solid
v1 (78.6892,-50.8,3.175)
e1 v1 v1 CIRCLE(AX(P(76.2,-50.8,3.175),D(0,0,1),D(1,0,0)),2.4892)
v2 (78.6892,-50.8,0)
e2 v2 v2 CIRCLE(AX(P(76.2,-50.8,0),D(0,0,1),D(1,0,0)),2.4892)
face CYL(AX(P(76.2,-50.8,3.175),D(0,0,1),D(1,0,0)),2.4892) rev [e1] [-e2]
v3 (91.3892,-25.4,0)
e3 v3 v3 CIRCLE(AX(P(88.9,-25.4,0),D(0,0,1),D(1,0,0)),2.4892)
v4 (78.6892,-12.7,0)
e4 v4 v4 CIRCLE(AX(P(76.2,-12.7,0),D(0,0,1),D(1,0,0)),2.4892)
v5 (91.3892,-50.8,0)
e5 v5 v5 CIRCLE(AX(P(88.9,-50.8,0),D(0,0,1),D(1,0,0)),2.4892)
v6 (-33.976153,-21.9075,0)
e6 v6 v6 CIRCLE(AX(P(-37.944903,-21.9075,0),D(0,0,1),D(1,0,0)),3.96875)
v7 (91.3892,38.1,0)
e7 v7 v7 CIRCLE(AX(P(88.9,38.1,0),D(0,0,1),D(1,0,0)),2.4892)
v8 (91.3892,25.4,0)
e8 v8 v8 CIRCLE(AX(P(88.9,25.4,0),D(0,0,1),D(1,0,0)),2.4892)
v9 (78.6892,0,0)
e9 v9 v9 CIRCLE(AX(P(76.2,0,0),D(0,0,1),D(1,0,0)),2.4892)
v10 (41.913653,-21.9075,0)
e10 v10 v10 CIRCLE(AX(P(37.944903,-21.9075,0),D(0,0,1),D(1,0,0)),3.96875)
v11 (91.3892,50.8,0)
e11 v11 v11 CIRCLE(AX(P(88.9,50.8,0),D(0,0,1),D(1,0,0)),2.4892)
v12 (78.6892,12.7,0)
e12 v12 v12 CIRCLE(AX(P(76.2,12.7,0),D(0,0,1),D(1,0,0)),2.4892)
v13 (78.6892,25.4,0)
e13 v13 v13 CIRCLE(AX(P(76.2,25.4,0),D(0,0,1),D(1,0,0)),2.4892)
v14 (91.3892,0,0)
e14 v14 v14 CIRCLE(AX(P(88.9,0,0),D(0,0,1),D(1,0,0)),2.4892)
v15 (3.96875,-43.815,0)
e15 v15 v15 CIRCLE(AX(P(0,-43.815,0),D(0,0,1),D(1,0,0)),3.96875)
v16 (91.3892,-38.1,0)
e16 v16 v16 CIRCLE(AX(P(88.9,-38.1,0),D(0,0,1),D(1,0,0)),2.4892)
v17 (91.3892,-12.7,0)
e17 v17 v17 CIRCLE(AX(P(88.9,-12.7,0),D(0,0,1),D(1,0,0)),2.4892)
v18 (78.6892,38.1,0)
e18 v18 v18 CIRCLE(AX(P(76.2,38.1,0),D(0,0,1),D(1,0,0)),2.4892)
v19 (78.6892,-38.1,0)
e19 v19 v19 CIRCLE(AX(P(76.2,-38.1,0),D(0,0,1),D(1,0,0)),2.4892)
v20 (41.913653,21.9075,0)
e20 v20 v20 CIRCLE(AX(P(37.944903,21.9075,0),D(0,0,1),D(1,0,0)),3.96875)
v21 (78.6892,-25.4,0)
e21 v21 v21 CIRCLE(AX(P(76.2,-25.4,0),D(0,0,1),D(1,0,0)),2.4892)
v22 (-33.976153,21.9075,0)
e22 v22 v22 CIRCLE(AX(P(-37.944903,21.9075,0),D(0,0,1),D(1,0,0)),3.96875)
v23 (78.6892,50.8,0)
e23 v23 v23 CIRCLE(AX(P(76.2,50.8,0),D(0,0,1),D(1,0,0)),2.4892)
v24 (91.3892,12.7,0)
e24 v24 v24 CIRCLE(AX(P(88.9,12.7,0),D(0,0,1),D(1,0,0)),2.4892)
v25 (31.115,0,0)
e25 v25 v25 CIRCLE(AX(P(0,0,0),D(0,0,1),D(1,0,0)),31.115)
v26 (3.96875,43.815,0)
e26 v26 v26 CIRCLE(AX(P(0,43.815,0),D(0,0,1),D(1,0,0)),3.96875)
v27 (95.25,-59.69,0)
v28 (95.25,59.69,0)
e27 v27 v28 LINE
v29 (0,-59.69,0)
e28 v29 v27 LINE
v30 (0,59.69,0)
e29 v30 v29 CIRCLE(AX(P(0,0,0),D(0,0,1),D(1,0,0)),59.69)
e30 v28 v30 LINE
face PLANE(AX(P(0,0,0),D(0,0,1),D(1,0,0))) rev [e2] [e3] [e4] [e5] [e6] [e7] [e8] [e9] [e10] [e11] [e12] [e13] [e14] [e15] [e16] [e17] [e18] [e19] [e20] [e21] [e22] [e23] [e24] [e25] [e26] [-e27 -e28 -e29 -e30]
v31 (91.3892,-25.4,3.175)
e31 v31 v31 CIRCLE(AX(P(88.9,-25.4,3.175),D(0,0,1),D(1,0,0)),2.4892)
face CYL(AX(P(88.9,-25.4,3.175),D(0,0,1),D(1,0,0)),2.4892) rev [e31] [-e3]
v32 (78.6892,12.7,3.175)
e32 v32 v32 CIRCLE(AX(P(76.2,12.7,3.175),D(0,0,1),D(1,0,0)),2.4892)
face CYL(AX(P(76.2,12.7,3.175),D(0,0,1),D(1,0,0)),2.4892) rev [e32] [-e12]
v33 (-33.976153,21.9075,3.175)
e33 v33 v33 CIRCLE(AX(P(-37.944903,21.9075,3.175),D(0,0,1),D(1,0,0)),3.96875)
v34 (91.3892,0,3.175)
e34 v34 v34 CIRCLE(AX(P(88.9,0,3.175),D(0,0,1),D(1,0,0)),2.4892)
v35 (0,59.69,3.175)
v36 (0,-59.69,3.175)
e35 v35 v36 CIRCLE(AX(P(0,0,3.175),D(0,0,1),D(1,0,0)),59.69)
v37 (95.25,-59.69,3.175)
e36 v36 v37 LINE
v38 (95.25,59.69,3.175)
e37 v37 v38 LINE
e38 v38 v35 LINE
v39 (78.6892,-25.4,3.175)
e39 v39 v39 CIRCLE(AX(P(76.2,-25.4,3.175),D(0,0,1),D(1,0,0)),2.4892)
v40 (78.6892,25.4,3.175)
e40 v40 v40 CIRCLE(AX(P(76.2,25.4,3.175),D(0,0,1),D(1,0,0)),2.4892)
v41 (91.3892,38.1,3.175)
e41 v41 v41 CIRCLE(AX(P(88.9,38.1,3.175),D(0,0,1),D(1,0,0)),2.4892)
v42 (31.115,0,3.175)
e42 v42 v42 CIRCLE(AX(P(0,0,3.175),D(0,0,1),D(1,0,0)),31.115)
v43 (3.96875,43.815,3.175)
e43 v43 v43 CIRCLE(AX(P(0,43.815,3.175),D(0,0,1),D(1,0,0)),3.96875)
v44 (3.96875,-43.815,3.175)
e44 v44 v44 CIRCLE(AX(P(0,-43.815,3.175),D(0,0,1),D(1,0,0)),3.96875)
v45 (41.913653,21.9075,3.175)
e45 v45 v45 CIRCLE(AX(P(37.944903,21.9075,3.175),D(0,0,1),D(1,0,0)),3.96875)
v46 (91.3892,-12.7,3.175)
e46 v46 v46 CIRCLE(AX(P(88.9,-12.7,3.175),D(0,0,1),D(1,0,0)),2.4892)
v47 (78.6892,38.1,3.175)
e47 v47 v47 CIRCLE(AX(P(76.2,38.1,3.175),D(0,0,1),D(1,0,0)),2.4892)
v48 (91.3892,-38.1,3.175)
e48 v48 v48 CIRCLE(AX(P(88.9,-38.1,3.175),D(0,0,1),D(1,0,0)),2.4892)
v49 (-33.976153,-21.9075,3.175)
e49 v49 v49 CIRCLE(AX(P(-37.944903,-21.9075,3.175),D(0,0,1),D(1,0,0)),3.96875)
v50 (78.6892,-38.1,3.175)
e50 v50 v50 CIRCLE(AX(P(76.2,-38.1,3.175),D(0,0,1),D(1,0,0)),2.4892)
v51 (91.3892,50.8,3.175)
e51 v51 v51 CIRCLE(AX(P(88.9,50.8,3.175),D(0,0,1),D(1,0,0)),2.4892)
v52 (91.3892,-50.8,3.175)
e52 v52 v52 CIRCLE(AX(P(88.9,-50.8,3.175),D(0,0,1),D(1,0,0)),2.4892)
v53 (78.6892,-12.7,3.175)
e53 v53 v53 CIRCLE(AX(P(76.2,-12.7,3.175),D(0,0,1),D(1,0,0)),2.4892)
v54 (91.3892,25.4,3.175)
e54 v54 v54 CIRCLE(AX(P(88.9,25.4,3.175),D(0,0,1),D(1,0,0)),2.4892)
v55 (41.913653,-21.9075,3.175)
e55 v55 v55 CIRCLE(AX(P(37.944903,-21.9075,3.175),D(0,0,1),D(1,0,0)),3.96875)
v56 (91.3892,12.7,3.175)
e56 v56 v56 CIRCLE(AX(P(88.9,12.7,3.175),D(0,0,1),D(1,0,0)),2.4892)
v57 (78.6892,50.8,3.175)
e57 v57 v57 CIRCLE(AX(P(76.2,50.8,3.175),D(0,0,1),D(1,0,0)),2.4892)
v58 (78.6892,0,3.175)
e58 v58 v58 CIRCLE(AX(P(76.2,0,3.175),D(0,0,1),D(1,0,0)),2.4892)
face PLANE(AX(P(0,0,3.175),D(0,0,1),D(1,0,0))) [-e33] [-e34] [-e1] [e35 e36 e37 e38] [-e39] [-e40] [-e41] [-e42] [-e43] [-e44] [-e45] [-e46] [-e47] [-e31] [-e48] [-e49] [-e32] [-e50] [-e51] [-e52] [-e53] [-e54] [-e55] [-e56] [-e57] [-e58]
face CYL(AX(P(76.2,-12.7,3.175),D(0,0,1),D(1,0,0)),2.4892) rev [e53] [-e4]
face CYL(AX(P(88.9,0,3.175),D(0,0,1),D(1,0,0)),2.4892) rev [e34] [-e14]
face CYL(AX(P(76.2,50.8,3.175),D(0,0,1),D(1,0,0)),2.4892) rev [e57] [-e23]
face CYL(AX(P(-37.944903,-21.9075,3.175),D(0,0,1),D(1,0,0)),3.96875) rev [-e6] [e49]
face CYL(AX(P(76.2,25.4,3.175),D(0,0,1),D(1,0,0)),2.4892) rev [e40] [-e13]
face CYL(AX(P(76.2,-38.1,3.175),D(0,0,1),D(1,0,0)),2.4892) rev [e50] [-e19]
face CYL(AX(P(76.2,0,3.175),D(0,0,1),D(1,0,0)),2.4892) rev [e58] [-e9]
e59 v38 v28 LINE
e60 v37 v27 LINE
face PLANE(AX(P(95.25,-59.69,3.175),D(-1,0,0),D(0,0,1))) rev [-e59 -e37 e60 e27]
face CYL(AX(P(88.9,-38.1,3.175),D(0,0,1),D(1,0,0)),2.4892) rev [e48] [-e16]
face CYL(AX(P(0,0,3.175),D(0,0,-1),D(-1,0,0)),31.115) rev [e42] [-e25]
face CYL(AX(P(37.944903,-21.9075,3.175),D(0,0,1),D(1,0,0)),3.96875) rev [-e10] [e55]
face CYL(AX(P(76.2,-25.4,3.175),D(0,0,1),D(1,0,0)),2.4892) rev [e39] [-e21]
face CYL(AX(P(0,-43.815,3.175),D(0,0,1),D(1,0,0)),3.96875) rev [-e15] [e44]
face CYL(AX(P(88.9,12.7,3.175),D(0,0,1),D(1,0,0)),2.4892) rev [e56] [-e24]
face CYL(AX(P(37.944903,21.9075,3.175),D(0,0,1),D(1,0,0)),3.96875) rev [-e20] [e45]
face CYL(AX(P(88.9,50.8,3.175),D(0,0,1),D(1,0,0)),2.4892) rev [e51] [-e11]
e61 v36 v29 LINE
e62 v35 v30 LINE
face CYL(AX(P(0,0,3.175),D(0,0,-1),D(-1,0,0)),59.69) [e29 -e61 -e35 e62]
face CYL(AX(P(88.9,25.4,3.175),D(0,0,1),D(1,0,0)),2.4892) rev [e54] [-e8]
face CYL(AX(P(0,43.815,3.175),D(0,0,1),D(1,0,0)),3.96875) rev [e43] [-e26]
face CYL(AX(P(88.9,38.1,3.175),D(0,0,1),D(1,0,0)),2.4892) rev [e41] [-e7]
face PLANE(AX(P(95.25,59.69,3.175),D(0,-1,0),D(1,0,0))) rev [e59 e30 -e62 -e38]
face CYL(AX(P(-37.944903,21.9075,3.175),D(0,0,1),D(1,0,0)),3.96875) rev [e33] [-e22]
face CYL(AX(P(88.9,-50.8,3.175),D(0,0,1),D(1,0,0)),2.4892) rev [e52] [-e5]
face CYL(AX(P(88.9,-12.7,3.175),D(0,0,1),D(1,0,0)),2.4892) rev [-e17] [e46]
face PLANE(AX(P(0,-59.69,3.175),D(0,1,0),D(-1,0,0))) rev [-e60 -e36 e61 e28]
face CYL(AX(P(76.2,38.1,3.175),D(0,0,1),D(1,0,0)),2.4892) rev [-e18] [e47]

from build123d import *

# Parameters (mm, degrees)
SKETCH1_R                      = 31.115
BOSS_EXTRUDE1_DEPTH            = 3.175
F_9_0_196_DIAMETER_HOLE1_D     = 4.9784
F_5_16_0_3125_DIAMETER_HOLE1_D = 7.9375


with BuildPart() as part:
    # Sketch1 → Boss-Extrude1 (new body)
    with BuildSketch(Plane(origin=(0, 0, 0), x_dir=(0, 1, 0), z_dir=(0, 0, 1))):
        with BuildLine():
            Line((-59.69, 0), (-59.69, -95.25))
            Line((-59.69, -95.25), (59.69, -95.25))
            Line((59.69, -95.25), (59.69, 0))
            ThreePointArc((59.69, 0), (0, 59.69), (-59.69, 0))
        make_face()
        with Locations(Location((0, 0, 0), (0, 0, 270))):
            Circle(SKETCH1_R, mode=Mode.SUBTRACT)
    extrude(amount=BOSS_EXTRUDE1_DEPTH)

    # #9 (0.196) Diameter Hole1 (through all)
    with Locations(Plane.XY.offset(3.175)):
        with Locations((88.9, -50.8), (76.2, -50.8), (76.2, -38.1), (76.2, -25.4), (76.2, -12.7), (76.2, 0), (76.2, 12.7), (76.2, 25.4), (76.2, 38.1), (76.2, 50.8), (88.9, -38.1), (88.9, -25.4), (88.9, -12.7), (88.9, 0), (88.9, 12.7), (88.9, 25.4), (88.9, 38.1), (88.9, 50.8)):
            Hole(F_9_0_196_DIAMETER_HOLE1_D / 2)

    # 5/16 (0.3125) Diameter Hole1 (through all)
    with Locations(Plane.XY.offset(3.175)):
        with Locations((37.944903067, 21.9075), (37.944903067, -21.9075), (0, -43.815), (-37.944903067, -21.9075), (-37.944903067, 21.9075), (0, 43.815)):
            Hole(F_5_16_0_3125_DIAMETER_HOLE1_D / 2)


solid = part.part
